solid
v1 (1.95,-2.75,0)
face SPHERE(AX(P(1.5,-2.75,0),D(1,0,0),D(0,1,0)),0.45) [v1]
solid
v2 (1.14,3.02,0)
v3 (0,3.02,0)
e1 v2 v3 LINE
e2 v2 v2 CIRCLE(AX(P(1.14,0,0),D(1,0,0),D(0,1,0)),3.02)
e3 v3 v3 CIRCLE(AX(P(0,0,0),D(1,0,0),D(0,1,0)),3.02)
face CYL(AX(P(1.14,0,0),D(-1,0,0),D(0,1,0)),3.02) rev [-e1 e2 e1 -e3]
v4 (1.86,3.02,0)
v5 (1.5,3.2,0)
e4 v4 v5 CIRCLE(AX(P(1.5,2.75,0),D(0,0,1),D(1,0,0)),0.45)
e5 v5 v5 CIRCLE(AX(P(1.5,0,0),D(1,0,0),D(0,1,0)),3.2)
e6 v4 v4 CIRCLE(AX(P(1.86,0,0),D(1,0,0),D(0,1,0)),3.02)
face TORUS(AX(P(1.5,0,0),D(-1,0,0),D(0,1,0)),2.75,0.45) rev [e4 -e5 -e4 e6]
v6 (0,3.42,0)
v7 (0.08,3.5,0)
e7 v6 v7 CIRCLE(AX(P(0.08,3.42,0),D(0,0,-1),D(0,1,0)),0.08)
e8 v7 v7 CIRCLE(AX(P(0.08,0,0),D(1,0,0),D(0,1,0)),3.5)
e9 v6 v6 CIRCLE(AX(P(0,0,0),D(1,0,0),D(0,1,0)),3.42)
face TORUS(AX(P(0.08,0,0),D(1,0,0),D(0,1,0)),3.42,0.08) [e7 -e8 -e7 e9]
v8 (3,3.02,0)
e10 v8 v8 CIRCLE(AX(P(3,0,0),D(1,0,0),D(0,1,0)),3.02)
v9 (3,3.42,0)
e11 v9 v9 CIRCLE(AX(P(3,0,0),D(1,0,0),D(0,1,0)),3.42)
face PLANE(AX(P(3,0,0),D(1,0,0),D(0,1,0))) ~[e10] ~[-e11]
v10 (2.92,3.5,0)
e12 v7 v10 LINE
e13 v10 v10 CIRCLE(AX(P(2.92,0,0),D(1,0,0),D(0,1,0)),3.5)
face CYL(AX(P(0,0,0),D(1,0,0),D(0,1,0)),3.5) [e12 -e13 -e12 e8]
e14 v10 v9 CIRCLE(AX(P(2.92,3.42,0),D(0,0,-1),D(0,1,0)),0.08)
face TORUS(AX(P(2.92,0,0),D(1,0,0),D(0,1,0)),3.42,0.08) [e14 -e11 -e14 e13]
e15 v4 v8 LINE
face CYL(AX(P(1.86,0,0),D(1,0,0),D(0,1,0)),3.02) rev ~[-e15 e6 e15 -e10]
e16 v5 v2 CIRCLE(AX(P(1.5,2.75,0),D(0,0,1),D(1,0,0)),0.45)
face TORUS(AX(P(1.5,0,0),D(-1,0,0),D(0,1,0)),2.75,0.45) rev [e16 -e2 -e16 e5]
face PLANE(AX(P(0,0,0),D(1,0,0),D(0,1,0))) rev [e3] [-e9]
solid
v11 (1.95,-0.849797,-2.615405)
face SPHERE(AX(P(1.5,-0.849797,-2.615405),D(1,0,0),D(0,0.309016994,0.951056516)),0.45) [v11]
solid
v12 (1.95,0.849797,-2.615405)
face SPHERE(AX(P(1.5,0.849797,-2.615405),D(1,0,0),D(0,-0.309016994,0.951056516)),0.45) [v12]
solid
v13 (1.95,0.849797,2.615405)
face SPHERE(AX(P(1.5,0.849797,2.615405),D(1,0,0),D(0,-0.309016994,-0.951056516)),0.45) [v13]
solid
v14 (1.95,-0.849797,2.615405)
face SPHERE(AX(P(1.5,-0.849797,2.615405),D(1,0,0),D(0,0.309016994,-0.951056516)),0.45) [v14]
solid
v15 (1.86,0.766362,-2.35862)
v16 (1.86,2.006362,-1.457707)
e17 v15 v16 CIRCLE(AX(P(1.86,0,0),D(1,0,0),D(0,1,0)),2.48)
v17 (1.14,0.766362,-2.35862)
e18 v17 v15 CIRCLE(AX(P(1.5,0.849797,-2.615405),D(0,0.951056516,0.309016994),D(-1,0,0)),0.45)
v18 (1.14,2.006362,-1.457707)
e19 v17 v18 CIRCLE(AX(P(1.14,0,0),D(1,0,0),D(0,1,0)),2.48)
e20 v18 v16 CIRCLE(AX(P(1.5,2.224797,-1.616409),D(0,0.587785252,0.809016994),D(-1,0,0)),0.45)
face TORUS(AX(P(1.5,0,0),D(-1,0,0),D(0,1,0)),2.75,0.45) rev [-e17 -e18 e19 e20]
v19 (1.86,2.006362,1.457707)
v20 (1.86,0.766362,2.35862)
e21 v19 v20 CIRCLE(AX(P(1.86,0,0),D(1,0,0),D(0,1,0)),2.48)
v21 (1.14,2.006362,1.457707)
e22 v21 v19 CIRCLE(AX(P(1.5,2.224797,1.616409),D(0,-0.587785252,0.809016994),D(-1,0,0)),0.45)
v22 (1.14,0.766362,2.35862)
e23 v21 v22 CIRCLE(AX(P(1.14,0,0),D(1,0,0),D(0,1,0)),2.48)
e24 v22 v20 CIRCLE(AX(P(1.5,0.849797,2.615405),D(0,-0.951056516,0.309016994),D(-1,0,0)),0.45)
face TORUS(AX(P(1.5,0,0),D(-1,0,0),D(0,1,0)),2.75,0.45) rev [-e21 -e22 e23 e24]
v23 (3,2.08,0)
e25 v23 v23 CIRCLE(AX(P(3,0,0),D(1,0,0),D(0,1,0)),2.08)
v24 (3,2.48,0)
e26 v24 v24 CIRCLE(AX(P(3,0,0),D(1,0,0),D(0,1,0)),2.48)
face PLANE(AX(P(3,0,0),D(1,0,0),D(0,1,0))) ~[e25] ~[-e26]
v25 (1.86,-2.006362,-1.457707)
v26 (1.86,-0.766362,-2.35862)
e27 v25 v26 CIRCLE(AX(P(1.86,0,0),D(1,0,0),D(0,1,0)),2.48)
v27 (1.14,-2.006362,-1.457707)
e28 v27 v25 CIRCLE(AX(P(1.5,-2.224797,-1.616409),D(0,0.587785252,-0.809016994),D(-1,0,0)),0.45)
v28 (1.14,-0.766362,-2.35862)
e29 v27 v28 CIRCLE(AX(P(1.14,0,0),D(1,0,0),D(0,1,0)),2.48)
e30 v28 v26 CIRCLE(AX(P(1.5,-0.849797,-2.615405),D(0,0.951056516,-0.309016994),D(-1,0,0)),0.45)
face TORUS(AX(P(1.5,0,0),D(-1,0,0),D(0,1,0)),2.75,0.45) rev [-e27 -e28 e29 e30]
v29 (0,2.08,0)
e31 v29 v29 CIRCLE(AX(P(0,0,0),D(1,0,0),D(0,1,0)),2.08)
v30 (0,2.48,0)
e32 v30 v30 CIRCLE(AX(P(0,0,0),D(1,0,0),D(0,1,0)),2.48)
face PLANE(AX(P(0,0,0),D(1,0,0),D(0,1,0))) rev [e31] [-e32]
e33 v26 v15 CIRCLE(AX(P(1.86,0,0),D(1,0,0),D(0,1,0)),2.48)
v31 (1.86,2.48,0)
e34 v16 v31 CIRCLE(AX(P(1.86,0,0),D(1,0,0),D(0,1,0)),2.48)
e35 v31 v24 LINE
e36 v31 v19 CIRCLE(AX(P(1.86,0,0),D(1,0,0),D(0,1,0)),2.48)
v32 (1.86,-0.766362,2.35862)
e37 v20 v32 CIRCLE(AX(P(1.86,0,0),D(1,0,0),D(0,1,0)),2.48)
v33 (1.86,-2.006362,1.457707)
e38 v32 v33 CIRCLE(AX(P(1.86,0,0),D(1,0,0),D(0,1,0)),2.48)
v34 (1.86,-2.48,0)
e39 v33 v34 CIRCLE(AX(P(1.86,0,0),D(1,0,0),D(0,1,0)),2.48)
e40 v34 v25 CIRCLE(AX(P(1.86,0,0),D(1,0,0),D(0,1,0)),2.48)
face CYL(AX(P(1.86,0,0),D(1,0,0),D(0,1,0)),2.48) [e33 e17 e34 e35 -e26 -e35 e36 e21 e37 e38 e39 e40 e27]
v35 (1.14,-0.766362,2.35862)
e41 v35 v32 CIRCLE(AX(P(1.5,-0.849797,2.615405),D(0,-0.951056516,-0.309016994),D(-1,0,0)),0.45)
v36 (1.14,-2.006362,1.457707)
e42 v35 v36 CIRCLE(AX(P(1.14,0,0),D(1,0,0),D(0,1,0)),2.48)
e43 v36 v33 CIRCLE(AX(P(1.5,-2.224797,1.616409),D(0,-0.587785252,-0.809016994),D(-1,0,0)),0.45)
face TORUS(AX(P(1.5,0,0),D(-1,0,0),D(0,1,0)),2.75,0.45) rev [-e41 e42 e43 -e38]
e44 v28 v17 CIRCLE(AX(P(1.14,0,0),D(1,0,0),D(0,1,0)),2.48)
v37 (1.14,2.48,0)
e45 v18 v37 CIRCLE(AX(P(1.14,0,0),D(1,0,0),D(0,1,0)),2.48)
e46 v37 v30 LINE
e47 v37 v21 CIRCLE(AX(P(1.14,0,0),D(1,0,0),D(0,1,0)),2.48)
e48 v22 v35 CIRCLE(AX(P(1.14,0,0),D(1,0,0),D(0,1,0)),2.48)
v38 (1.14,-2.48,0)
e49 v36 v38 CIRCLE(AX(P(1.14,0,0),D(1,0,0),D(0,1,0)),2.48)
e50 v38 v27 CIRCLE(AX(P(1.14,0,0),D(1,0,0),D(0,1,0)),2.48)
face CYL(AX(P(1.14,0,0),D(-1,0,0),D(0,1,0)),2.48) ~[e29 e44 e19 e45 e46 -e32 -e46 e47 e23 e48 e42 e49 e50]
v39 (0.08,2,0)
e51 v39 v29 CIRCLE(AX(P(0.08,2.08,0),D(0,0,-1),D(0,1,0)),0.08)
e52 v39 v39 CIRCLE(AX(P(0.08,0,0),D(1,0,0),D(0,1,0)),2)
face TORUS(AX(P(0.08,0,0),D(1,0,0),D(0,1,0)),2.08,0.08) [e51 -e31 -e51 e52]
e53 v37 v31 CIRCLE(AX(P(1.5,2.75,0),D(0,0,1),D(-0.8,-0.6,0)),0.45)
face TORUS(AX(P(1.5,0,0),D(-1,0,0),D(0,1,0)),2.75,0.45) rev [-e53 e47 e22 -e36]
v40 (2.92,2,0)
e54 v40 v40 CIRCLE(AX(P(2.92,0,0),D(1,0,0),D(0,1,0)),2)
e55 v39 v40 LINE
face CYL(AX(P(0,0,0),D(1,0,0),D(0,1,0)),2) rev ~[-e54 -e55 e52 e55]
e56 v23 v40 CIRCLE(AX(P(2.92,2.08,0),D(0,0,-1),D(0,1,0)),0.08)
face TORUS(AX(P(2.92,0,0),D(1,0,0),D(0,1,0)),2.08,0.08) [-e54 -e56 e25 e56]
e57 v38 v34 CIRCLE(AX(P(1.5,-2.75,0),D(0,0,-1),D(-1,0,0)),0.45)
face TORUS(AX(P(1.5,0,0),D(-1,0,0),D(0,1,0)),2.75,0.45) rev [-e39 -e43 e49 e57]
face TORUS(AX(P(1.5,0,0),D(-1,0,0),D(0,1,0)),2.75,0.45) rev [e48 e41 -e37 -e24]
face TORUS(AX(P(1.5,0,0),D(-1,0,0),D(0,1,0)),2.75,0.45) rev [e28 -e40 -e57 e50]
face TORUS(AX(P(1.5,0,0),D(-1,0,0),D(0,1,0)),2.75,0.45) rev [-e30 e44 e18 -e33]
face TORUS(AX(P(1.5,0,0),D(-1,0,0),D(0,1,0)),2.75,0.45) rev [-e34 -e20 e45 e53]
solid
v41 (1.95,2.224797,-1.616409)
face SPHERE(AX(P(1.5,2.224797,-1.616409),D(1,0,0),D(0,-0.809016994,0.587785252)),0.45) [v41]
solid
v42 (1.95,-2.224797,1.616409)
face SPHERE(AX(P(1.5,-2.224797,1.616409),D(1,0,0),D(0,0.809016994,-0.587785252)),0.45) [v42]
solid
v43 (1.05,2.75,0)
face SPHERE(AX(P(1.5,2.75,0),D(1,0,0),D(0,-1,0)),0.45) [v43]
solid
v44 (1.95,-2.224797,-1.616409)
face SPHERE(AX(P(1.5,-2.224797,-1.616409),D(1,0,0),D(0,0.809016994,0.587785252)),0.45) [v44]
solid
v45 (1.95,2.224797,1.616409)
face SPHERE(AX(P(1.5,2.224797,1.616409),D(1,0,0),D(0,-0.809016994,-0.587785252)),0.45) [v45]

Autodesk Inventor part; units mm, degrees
ref_plane "YZ Plane" through (0, 0, 0) normal (1, 0, 0) x (0, 1, 0)
ref_plane "XZ Plane" through (0, 0, 0) normal (0, 1, 0) x (-1, 0, 0)
ref_plane "XY Plane" through (0, 0, 0) normal (0, 0, 1) x (1, 0, 0)
sketch "草圖" plane through (0, 0, 0) normal (0, 0, 1) x (1, 0, 0)
  circle A0 centre (1.5, 2.75) radius 0.45
  line L0 (1.05, 2.75) -> (1.95, 2.75)
  line L1 (1.5, 2.75) -> (1.5, 2.3)
  line L2 (1.14, 2.48) -> (0, 2.48)
  line L3 (0, 2) -> (3, 2)
  line L4 (1.14, 3.02) -> (0, 3.02)
  line L5 (0, 3.5) -> (3, 3.5)
  line L6 (1.86, 2.48) -> (3, 2.48)
  line L7 (1.86, 3.02) -> (3, 3.02)
  line L8 (3, 3.02) -> (3, 3.5)
  line L9 (3, 2) -> (3, 2.48)
  line L10 (1.5, 2.75) -> (1.5, 3.2)
  line L11 (-3, 0) -> (18, 0) projected
  line L12 (0, -2.2) -> (0, 16.7) projected
  dimension "d3" = 0.9
  dimension "d8" = 4
  dimension "d10" = 4.96
  dimension "d12" = 6.04
  dimension "d13" = 7
  dimension "d14" = 5.5
  dimension "d15" = 3
revolve "本體" add sketch "草圖" angle 360 about axis through (-10, 0, 0) along (1, 0, 0) contours A0 L4 L12 L5 L8 L7 | L6 L9 L3 L12 L2 A0
fillet "圓角1" radius 0.08 4 edges at (3, -2, 0) (0, -2, 0) (0, -3.5, 0) (3, -3.5, 0)
revolve "滾珠" add sketch "草圖" angle 360 about axis through (1.05, 2.75, 0) along (1, 0, 0) contours A0 L1 L0 | L1 A0 L0
pattern_circular "IDS_ARRAYBALL[SIMPL:T]" count 10 over 360 about axis through (-10, 0, 0) along (1, 0, 0) of "滾珠"
equation "\"d3\" = DDB"
equation "\"d8\" = WD"
equation "\"d10\" = KID1"
equation "\"d12\" = KAD1"
equation "\"d13\" = BD"
equation "\"d14\" = DDA"
equation "\"d15\" = KB"
equation "\"d0\" = KRS"
equation "\"WD\" = 4"
equation "\"BD\" = 7"
equation "\"KB\" = 3"
equation "\"KRS\" = 0.08"
equation "\"KID1\" = 4.96"
equation "\"KAD1\" = 6.04"
equation "\"DDA\" = 5.5"
equation "\"DDB\" = 0.9"
equation "\"WR\" = 0.5 * WD"
equation "\"BR\" = 0.5 * BD"
equation "\"BBA\" = 0"
properties part number "滾子軸承 637/4 GB/T 276-94" material "鋼、可鍛"
